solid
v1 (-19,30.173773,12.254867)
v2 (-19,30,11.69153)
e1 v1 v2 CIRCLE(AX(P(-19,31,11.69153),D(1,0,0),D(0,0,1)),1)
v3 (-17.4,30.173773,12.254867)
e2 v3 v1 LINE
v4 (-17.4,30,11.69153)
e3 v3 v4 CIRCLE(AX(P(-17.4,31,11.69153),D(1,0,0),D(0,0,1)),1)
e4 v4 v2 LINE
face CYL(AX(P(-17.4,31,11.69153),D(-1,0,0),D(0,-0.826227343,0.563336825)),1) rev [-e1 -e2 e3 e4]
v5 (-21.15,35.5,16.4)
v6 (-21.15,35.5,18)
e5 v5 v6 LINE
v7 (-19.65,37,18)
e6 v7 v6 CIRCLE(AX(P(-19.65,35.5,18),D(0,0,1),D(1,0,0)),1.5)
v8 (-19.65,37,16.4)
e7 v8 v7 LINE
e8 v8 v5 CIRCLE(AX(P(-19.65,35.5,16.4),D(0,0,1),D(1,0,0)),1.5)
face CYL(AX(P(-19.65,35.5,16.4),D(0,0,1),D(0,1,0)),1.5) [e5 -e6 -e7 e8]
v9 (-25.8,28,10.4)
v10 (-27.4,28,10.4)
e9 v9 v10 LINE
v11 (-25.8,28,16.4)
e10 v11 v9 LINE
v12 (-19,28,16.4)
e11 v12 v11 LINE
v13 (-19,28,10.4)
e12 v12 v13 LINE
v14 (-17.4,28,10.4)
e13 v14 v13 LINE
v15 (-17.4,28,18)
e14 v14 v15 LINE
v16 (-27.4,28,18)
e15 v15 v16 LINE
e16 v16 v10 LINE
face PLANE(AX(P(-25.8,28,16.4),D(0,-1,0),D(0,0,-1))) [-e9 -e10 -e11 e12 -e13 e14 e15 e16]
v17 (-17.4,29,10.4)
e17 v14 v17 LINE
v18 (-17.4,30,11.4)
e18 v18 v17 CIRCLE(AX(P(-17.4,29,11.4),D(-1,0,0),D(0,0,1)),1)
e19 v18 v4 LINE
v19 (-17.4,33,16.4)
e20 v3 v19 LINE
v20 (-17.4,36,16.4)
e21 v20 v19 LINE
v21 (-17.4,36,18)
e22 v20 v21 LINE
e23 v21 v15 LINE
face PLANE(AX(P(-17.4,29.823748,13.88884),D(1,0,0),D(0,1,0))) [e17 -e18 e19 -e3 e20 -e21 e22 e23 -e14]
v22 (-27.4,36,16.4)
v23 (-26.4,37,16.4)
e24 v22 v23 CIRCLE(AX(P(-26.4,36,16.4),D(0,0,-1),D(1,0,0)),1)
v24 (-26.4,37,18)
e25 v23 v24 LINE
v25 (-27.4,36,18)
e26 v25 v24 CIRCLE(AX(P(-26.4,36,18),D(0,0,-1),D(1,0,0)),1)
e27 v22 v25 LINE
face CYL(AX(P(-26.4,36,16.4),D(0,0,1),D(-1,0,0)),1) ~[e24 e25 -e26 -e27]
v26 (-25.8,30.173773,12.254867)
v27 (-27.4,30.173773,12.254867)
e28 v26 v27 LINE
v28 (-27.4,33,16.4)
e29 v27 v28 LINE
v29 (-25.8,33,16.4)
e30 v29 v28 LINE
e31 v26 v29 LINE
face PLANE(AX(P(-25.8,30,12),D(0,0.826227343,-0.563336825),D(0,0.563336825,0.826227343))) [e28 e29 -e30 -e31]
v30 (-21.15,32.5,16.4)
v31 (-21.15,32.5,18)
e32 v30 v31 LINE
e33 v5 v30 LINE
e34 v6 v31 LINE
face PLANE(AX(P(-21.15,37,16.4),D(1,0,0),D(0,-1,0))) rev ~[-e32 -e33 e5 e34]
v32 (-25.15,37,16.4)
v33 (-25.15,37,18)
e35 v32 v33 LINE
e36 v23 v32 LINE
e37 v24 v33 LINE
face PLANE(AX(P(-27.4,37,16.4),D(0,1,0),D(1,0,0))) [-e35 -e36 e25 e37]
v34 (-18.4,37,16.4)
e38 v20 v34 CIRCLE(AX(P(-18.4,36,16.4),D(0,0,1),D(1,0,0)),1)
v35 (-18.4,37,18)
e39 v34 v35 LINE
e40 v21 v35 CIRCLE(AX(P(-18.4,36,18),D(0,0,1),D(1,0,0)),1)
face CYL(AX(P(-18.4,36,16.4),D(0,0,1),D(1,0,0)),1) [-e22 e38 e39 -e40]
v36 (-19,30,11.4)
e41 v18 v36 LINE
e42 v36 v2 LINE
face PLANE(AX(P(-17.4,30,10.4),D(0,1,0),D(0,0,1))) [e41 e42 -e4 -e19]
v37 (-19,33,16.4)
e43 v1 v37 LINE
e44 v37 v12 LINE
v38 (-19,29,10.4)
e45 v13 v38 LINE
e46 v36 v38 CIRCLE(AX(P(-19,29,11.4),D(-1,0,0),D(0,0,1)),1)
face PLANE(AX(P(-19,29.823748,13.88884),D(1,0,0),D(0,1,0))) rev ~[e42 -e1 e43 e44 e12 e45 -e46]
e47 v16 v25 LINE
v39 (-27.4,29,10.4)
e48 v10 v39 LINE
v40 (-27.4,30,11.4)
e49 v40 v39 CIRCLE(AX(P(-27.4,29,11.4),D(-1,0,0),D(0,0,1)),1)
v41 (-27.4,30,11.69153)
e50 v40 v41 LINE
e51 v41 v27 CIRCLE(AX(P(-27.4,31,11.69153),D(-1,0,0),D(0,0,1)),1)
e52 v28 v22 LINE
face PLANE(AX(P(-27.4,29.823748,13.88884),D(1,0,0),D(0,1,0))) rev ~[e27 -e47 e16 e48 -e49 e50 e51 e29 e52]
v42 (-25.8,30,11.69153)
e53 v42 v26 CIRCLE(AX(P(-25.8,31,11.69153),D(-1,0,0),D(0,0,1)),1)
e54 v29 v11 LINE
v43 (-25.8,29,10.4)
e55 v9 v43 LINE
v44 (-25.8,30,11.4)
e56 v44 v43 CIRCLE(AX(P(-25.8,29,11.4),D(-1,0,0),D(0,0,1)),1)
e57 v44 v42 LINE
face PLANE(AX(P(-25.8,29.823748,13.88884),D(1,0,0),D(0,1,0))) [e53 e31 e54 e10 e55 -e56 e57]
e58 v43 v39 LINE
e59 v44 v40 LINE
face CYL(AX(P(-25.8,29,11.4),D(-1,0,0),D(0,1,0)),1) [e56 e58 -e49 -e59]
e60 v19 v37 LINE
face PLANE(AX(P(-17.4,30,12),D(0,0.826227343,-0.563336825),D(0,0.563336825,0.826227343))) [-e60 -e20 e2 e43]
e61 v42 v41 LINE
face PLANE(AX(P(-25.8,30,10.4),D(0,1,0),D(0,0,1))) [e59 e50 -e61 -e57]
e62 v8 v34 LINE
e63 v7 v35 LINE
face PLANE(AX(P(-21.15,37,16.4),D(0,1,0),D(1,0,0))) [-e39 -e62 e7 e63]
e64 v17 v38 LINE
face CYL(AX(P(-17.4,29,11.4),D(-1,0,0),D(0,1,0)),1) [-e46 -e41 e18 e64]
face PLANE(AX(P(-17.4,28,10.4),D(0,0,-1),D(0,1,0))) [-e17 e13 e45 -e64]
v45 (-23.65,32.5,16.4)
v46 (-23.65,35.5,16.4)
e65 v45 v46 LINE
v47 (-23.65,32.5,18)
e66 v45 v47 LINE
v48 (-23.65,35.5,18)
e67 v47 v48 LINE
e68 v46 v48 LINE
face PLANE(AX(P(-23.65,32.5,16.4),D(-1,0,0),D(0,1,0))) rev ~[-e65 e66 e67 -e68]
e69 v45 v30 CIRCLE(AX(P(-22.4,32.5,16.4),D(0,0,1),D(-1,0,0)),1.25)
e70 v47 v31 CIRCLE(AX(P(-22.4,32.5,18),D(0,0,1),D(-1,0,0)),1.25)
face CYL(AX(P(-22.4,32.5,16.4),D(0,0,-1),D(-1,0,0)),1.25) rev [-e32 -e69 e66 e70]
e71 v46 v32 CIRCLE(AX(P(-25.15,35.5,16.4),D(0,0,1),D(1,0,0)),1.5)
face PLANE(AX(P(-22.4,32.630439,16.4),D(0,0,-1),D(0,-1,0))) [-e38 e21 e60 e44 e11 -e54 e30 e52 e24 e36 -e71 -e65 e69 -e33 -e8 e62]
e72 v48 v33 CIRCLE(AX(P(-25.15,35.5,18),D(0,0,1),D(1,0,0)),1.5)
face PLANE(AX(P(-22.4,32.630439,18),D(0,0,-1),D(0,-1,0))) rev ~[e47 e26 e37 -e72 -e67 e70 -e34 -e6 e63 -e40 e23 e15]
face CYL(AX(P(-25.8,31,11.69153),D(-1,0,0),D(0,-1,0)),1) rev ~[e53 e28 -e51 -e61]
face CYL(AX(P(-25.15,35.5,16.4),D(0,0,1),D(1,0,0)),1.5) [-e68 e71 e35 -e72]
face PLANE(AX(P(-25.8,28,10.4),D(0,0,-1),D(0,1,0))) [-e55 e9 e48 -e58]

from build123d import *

# Parameters (mm, degrees)
PAD006_DEPTH            = 1.6
PAD007_DEPTH            = 1.6
LINEARPATTERN009_COUNT  = 2
LINEARPATTERN009_PITCH  = 8.4
FILLET008_R             = 1
FILLET009_R             = 1
FILLET035_R             = 1
FILLET036_R             = 1.5
BODY003_PLACEMENT_ANGLE = 90


with BuildPart() as part:
    # Sketch110 → Pad006 (new body)
    with BuildSketch(Plane.XY):
        with BuildLine():
            Line((-4.5, 5), (4.5, 5))
            Line((4.5, 5), (4.5, 1.25))
            Line((0, 1.25), (4.5, 1.25))
            ThreePointArc((0, 1.25), (-1.25, 0), (0, -1.25))
            Line((4.5, -1.25), (0, -1.25))
            Line((4.5, -1.25), (4.5, -5))
            Line((4.5, -5), (-4.5, -5))
            Line((-4.5, -5), (-4.5, 5))
        make_face()
    extrude(amount=PAD006_DEPTH)

    # Sketch111 (on DatumPlane) → Pad007 (join)
    with BuildSketch(Plane.XZ.offset(5)):
        Polygon((-4.5, 0), (-4.5, -6), (-2.5, -6), (-2.5, -4.4), (0.5, 0), align=None)
    pad007 = extrude(amount=-PAD007_DEPTH)

    # LinearPattern009: Pad007 ×2
    with Locations(*[(0, i * LINEARPATTERN009_PITCH, 0) for i in range(1, LINEARPATTERN009_COUNT)]):
        add(pad007)

    # Fillet008
    fillet008_edges = [part.edges().sort_by_distance(p)[0] for p in [
        (-2.5, -4.2, -6),
        (-2.5, 4.2, -6),
    ]]
    fillet(fillet008_edges, radius=FILLET008_R)

    # Fillet009
    fillet009_edges = [part.edges().sort_by_distance(p)[0] for p in [
        (-2.5, -4.2, -4.4),
        (-2.5, 4.2, -4.4),
    ]]
    fillet(fillet009_edges, radius=FILLET009_R)

    # Fillet035
    fillet035_edges = [part.edges().sort_by_distance(p)[0] for p in [
        (4.5, -5, 0.8),
        (4.5, 5, 0.8),
    ]]
    fillet(fillet035_edges, radius=FILLET035_R)

    # Fillet036
    fillet036_edges = [part.edges().sort_by_distance(p)[0] for p in [
        (4.5, -1.25, 0.8),
        (4.5, 1.25, 0.8),
    ]]
    fillet(fillet036_edges, radius=FILLET036_R)


with BuildPart() as part_1:
    # Body003 placement: moved
    add(part.part.moved(Location((-22.4, 32.5, 16.4))).rotate(Axis((-22.4, 32.5, 16.4), (0, 0, 1)), BODY003_PLACEMENT_ANGLE))


solid = part_1.part
